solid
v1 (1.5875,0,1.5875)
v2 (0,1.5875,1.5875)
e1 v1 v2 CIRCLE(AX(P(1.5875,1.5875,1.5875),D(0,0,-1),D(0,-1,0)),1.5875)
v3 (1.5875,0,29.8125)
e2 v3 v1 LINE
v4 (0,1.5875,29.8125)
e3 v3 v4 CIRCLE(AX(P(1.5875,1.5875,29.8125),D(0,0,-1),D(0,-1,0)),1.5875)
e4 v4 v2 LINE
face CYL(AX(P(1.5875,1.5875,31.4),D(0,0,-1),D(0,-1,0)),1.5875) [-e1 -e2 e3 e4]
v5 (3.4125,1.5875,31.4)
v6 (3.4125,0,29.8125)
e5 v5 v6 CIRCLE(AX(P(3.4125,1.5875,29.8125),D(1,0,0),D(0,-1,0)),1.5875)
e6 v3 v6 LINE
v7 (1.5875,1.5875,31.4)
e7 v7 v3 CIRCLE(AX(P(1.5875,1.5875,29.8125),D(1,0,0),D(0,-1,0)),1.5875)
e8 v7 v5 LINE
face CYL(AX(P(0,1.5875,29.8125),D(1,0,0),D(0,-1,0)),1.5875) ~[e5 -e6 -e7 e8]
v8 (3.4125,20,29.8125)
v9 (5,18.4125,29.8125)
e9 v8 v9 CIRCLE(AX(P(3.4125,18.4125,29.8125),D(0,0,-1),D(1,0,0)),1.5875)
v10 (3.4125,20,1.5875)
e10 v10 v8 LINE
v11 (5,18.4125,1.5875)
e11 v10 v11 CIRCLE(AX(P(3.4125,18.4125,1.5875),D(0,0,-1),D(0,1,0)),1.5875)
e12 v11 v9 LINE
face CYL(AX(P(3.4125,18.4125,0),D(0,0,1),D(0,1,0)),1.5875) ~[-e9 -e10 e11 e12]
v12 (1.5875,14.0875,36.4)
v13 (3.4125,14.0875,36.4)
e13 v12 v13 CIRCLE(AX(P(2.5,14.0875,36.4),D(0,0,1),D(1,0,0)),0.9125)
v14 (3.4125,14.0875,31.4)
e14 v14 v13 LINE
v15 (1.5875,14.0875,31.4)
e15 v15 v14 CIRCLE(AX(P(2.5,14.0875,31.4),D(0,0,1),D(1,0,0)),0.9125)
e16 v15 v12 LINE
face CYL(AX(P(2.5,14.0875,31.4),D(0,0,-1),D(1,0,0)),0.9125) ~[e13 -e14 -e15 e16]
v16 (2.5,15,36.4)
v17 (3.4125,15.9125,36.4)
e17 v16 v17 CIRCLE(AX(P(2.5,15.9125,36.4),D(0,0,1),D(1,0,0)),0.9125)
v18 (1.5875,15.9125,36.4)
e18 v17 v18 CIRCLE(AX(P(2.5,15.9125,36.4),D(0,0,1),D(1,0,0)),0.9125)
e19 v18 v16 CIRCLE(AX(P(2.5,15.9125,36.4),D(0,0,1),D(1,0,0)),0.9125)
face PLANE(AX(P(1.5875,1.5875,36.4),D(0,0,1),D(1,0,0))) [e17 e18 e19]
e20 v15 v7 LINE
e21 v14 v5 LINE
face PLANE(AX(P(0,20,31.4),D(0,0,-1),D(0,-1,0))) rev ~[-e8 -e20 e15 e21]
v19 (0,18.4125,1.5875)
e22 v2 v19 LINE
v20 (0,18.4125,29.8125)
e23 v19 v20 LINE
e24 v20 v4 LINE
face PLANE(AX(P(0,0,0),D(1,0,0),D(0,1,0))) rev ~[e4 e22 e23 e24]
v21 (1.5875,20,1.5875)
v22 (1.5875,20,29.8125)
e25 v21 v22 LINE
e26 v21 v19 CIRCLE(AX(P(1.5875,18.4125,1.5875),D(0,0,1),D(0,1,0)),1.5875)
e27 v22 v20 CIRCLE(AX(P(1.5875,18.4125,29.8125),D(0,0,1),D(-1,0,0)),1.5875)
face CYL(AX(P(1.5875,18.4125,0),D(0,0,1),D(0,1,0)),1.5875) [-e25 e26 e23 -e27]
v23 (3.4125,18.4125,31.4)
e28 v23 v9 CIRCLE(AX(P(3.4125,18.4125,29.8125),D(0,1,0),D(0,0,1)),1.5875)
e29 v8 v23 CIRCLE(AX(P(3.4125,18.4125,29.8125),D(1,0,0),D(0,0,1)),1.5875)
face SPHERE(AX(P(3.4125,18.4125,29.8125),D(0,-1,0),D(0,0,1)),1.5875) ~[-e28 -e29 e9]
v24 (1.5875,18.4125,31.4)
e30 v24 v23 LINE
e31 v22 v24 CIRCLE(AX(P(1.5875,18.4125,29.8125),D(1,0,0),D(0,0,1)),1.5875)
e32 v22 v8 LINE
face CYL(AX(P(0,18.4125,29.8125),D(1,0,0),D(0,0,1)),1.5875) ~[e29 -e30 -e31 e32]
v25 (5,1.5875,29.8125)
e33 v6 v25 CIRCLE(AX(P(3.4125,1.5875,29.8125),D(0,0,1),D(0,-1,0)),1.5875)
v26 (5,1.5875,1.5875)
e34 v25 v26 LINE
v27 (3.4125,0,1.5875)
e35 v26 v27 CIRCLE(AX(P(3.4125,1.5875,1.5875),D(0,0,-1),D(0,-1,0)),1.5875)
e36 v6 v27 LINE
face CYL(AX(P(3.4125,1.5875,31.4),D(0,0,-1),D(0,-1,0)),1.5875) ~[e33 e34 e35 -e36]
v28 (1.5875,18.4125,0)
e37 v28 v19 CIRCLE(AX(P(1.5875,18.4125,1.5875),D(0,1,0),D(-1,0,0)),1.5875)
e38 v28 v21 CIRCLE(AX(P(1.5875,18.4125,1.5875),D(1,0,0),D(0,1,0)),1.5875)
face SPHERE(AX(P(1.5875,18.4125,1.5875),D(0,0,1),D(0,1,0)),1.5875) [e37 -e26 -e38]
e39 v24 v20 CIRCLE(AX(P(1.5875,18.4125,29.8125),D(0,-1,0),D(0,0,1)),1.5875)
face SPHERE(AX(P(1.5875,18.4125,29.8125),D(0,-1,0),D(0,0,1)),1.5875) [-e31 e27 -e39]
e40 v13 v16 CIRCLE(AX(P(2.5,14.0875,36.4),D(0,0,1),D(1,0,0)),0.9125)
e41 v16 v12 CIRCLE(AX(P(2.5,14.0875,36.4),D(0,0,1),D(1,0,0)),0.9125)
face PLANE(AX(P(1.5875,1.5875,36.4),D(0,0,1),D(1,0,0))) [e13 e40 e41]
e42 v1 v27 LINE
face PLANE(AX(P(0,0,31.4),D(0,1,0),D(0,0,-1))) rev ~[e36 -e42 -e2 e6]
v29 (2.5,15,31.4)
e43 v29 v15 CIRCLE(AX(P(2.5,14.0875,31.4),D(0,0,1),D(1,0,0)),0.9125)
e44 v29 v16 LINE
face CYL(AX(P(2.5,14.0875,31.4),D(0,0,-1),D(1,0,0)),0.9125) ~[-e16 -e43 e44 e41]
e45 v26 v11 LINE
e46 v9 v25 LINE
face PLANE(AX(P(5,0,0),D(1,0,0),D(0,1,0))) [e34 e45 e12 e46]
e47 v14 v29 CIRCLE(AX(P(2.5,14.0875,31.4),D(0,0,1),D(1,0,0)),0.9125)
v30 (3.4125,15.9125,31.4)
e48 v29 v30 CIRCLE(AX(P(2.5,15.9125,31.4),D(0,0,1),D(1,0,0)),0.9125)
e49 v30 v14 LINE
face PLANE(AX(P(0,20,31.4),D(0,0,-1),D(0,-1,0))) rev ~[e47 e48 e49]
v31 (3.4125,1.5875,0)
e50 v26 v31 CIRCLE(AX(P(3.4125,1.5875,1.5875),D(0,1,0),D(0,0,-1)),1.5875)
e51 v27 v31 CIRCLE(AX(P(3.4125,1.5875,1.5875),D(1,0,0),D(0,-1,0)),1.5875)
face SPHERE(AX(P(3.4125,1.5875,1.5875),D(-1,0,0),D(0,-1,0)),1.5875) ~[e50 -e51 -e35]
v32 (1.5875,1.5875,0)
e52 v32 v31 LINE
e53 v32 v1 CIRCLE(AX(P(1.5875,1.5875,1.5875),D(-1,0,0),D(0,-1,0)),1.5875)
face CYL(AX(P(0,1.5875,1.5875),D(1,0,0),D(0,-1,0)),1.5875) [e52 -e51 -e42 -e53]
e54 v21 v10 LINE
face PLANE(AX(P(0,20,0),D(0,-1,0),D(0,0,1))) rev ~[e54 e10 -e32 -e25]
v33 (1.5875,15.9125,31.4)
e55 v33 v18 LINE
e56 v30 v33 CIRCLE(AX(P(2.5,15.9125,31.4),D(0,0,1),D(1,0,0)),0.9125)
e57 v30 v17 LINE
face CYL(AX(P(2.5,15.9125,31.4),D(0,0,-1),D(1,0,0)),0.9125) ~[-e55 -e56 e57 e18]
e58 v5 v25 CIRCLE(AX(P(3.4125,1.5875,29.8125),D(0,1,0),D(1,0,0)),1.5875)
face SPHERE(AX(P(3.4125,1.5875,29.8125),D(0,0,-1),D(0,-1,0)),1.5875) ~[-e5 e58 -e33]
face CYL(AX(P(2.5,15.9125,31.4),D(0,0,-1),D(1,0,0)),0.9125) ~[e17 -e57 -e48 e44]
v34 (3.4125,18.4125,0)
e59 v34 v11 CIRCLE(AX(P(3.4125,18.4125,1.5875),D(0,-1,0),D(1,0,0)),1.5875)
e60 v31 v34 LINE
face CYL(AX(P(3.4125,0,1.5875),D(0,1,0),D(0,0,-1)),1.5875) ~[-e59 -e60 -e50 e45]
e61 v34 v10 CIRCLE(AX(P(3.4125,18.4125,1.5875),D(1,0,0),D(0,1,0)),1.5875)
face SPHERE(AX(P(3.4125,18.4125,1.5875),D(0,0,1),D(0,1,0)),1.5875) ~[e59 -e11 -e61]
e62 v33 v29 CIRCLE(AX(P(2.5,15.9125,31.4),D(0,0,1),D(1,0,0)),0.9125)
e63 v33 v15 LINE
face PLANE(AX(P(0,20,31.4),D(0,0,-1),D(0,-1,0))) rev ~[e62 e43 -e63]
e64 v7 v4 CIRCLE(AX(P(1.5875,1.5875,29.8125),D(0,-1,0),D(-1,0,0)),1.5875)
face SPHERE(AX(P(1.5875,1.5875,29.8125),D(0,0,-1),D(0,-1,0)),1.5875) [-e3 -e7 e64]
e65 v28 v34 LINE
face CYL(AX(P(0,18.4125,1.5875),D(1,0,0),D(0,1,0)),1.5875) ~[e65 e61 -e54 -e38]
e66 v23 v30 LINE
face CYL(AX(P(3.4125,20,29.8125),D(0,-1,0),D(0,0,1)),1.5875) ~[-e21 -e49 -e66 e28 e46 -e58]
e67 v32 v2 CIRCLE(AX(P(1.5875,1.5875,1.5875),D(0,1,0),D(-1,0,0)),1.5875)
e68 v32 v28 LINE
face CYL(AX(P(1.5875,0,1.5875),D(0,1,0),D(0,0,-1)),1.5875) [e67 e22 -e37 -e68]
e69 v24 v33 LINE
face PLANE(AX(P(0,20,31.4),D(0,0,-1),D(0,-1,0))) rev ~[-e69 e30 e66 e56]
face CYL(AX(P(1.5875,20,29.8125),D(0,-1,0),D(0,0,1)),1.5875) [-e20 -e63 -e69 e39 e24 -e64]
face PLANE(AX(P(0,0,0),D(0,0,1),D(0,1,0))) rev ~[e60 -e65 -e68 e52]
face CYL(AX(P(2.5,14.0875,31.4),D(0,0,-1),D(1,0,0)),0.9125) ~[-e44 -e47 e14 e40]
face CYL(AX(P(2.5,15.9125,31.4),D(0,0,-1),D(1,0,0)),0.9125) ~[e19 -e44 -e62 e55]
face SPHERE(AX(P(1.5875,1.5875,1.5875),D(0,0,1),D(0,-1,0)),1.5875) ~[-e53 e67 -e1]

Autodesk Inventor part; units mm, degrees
ref_plane "YZ Plane" through (0, 0, 0) normal (1, 0, 0) x (0, 1, 0)
ref_plane "XZ Plane" through (0, 0, 0) normal (0, 1, 0) x (-1, 0, 0)
ref_plane "XY Plane" through (0, 0, 0) normal (0, 0, 1) x (1, 0, 0)
sketch "Sketch1" plane through (0, 0, 0) normal (1, 0, 0) x (0, 1, 0)
  line L0 (0, 0) -> (20, 0)
  line L1 (20, 0) -> (20, 31.4)
  line L2 (20, 31.4) -> (0, 31.4)
  line L3 (0, 31.4) -> (0, 0)
  dimension "d0" = 20
  dimension "d1" = 31.4
extrude "Extrusion1" add sketch "Sketch1" along normal blind 5
fillet "Fillet1" radius 1.5875 12 edges at (0, 0, 15.7) (2.5, 0, 0) (5, 0, 15.7) (2.5, 0, 31.4) (0, 10, 31.4) (5, 10, 31.4) (2.5, 20, 31.4) (0, 20, 15.7) (5, 20, 15.7) (2.5, 20, 0) (0, 10, 0) (5, 10, 0)
sketch "Sketch2" plane through (1.5875, 1.5875, 31.4) normal (0, 0, 1) x (1, 0, 0)
  line L0 (0, 0) -> (0, 16.825) projected
  line L1 (1.825, 0) -> (0, 0) projected
  line L2 (1.825, 16.825) -> (1.825, 0) projected
  circle A0 centre (0.9125, 14.325) radius 0.9125
  circle A1 centre (0.9125, 12.5) radius 0.9125
  point P0 (-1.5875, -1.5875)
  dimension "d5" = 12.5
extrude "Extrusion2" add sketch "Sketch2" along normal blind 5 contours A1 | A0
properties part number "adafruit 500mAh battery"
